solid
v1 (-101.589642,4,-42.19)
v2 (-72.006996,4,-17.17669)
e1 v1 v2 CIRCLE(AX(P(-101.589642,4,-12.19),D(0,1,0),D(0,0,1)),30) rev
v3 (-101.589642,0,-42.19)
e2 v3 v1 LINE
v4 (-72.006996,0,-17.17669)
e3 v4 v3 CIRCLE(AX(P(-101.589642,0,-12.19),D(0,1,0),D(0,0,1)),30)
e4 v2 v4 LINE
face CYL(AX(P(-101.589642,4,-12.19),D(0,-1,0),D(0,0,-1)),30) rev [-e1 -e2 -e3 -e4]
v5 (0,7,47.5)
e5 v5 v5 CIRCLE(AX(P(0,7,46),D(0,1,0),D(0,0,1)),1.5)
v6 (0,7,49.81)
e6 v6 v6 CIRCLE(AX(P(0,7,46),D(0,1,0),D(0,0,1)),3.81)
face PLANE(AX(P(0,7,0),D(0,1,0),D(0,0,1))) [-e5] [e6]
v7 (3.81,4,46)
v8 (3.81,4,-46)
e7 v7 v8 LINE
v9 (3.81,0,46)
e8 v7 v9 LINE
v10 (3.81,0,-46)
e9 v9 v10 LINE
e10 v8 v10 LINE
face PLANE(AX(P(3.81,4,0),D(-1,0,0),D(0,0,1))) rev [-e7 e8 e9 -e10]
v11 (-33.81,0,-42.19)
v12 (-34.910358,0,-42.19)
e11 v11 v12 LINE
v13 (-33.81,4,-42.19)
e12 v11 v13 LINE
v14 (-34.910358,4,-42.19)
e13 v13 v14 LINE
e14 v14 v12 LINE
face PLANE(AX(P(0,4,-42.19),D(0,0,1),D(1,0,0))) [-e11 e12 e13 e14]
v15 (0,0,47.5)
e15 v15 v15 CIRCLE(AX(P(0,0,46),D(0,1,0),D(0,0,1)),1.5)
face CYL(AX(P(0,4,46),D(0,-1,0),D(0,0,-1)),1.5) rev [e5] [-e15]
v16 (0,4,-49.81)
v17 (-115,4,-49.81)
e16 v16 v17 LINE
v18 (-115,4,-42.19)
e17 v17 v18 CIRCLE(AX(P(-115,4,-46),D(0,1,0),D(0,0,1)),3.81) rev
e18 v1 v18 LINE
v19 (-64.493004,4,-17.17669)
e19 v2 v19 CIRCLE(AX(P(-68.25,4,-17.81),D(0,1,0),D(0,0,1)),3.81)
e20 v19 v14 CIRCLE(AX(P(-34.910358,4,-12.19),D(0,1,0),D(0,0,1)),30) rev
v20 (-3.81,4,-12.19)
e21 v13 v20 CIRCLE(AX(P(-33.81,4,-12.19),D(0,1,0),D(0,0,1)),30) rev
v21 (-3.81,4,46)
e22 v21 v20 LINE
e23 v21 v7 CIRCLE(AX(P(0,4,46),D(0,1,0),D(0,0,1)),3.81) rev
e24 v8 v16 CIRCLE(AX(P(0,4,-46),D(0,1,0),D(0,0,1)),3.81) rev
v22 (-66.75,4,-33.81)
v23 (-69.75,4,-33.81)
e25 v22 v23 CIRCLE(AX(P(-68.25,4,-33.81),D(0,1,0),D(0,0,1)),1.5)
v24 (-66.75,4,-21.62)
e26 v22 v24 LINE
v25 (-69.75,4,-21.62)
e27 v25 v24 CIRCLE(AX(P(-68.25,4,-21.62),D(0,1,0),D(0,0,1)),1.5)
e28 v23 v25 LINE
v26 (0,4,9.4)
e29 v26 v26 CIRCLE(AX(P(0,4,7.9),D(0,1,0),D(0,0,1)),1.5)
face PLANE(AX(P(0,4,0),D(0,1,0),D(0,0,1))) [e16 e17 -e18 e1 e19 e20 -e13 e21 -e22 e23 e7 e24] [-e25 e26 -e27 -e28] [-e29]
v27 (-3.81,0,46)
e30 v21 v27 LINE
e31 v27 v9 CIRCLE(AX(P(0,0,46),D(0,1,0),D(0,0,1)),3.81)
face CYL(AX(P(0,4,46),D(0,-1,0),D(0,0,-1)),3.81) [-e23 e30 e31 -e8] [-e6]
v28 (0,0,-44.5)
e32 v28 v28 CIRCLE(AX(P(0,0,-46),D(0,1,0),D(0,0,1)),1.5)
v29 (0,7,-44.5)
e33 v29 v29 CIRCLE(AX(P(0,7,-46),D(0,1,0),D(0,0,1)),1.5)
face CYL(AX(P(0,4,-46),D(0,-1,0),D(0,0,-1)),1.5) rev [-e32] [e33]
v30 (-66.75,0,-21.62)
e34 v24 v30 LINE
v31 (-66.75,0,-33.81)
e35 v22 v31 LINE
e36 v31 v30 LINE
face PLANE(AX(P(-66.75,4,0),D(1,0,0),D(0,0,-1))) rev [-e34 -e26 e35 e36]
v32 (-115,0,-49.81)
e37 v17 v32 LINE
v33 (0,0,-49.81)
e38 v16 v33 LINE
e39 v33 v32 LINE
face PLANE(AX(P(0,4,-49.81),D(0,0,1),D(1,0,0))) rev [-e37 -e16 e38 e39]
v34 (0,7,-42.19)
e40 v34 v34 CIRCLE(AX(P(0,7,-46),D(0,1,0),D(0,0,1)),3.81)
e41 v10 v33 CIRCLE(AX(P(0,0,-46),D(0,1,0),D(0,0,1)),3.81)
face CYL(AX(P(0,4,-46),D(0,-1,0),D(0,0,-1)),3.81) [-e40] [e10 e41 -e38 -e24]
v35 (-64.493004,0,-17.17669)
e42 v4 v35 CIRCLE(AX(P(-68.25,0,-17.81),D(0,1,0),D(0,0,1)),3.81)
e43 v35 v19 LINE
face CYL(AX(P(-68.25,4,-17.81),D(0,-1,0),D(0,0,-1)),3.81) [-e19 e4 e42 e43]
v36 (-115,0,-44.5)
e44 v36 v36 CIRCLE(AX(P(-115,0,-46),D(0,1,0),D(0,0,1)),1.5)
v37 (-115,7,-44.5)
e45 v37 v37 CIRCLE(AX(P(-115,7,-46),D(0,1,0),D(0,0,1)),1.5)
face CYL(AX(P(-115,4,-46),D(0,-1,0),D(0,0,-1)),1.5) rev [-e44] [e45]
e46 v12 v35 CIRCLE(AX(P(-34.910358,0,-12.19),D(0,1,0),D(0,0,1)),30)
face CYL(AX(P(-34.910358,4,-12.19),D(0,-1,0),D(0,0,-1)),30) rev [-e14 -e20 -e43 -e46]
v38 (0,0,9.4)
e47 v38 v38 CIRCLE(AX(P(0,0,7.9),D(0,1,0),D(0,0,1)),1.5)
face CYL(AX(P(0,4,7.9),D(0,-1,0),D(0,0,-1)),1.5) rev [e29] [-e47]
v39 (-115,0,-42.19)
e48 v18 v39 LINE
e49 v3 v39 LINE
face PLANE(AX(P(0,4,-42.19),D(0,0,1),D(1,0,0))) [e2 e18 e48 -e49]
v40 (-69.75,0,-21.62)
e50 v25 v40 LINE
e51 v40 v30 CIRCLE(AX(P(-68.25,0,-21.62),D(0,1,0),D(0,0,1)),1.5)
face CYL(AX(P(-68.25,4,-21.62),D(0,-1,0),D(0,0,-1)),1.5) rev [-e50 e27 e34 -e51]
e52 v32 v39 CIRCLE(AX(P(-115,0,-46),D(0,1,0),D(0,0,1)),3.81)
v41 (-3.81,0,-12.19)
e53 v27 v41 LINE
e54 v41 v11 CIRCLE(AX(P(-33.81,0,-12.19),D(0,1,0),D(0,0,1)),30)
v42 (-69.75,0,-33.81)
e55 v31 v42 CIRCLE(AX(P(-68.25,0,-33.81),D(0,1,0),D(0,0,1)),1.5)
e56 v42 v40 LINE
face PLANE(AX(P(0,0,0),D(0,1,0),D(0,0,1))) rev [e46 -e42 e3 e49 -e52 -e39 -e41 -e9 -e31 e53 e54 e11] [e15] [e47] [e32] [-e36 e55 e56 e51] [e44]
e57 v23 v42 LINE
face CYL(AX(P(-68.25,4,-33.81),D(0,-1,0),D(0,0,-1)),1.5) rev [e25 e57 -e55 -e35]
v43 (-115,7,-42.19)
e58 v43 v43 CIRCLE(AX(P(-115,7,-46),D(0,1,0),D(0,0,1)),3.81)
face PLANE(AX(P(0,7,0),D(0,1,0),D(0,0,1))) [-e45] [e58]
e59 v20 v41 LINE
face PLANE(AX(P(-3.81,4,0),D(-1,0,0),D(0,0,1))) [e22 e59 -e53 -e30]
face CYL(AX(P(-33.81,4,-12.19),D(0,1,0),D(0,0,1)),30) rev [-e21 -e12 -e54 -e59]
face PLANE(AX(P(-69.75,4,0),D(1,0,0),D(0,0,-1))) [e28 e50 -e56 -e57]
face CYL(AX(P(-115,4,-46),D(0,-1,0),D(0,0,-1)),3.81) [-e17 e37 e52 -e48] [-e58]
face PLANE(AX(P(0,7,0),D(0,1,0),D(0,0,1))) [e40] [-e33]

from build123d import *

# Parameters (mm, degrees)
SKETCH1_R           = 1.5
BOSS_EXTRUDE1_DEPTH = 4
SKETCH1_3_R         = 3.81
SKETCH1_3_R_2       = 1.5
BOSS_EXTRUDE2_DEPTH = 7
FILLET1_R           = 30


with BuildPart() as part:
    # Sketch1 → Boss-Extrude1 (new body)
    with BuildSketch(Plane(origin=(0, 0, 0), x_dir=(1, 0, 0), z_dir=(0, 1, 0))):
        with BuildLine():
            ThreePointArc((-3.81, -46), (0, -49.81), (3.81, -46))
            Line((3.81, -46), (3.81, 46))
            ThreePointArc((3.81, 46), (2.694076836, 48.694076836), (0, 49.81))
            Line((0, 49.81), (-115.000000027, 49.81))
            ThreePointArc((-115.000000027, 49.81), (-118.81, 45.999999987), (-115, 42.19))
            Line((-115, 42.19), (-72.06, 42.19))
            Line((-72.06, 42.19), (-72.06, 17.81))
            ThreePointArc((-72.06, 17.81), (-68.25, 14), (-64.44, 17.81))
            Line((-64.44, 17.81), (-64.44, 42.19))
            Line((-64.44, 42.19), (-3.81, 42.19))
            Line((-3.81, 42.19), (-3.81, -46))
        make_face()
        with Locations((0, -46)):
            Circle(SKETCH1_R, mode=Mode.SUBTRACT)
        with Locations((0, -7.9)):
            Circle(SKETCH1_R, mode=Mode.SUBTRACT)
        with Locations((0, 46)):
            Circle(SKETCH1_R, mode=Mode.SUBTRACT)
        with BuildLine():
            Line((-66.75, 33.81), (-66.75, 21.62))
            ThreePointArc((-66.75, 21.62), (-68.25, 20.12), (-69.75, 21.62))
            Line((-69.75, 21.62), (-69.75, 33.81))
            ThreePointArc((-69.75, 33.81), (-68.25, 35.31), (-66.75, 33.81))
        make_face(mode=Mode.SUBTRACT)
        with Locations((-115, 46)):
            Circle(SKETCH1_R, mode=Mode.SUBTRACT)
    extrude(amount=BOSS_EXTRUDE1_DEPTH)

    # Sketch1<3> → Boss-Extrude2 (add)
    # profile 1 of 3: a face of its own
    with BuildSketch(Plane(origin=(0, 0, 0), x_dir=(1, 0, 0), z_dir=(0, 1, 0))):
        with Locations((0, -46)):
            Circle(SKETCH1_3_R)
        with Locations((0, -46)):
            Circle(SKETCH1_3_R_2, mode=Mode.SUBTRACT)
    # profile 2 of 3: a face of its own
    with BuildSketch(Plane(origin=(0, 0, 0), x_dir=(1, 0, 0), z_dir=(0, 1, 0))):
        with Locations((0, 46)):
            Circle(SKETCH1_3_R)
        with Locations((0, 46)):
            Circle(SKETCH1_3_R_2, mode=Mode.SUBTRACT)
    # profile 3 of 3: a face of its own
    with BuildSketch(Plane(origin=(0, 0, 0), x_dir=(1, 0, 0), z_dir=(0, 1, 0))):
        with Locations((-115, 46)):
            Circle(SKETCH1_3_R)
        with Locations((-115, 46)):
            Circle(SKETCH1_3_R_2, mode=Mode.SUBTRACT)
    extrude(amount=BOSS_EXTRUDE2_DEPTH)

    # Fillet1
    fillet1_edges = [part.edges().sort_by_distance(p)[0] for p in [
        (-64.44, 2, -42.19),
        (-72.06, 2, -42.19),
        (-3.81, 2, -42.19),
    ]]
    fillet(fillet1_edges, radius=FILLET1_R)


solid = part.part
